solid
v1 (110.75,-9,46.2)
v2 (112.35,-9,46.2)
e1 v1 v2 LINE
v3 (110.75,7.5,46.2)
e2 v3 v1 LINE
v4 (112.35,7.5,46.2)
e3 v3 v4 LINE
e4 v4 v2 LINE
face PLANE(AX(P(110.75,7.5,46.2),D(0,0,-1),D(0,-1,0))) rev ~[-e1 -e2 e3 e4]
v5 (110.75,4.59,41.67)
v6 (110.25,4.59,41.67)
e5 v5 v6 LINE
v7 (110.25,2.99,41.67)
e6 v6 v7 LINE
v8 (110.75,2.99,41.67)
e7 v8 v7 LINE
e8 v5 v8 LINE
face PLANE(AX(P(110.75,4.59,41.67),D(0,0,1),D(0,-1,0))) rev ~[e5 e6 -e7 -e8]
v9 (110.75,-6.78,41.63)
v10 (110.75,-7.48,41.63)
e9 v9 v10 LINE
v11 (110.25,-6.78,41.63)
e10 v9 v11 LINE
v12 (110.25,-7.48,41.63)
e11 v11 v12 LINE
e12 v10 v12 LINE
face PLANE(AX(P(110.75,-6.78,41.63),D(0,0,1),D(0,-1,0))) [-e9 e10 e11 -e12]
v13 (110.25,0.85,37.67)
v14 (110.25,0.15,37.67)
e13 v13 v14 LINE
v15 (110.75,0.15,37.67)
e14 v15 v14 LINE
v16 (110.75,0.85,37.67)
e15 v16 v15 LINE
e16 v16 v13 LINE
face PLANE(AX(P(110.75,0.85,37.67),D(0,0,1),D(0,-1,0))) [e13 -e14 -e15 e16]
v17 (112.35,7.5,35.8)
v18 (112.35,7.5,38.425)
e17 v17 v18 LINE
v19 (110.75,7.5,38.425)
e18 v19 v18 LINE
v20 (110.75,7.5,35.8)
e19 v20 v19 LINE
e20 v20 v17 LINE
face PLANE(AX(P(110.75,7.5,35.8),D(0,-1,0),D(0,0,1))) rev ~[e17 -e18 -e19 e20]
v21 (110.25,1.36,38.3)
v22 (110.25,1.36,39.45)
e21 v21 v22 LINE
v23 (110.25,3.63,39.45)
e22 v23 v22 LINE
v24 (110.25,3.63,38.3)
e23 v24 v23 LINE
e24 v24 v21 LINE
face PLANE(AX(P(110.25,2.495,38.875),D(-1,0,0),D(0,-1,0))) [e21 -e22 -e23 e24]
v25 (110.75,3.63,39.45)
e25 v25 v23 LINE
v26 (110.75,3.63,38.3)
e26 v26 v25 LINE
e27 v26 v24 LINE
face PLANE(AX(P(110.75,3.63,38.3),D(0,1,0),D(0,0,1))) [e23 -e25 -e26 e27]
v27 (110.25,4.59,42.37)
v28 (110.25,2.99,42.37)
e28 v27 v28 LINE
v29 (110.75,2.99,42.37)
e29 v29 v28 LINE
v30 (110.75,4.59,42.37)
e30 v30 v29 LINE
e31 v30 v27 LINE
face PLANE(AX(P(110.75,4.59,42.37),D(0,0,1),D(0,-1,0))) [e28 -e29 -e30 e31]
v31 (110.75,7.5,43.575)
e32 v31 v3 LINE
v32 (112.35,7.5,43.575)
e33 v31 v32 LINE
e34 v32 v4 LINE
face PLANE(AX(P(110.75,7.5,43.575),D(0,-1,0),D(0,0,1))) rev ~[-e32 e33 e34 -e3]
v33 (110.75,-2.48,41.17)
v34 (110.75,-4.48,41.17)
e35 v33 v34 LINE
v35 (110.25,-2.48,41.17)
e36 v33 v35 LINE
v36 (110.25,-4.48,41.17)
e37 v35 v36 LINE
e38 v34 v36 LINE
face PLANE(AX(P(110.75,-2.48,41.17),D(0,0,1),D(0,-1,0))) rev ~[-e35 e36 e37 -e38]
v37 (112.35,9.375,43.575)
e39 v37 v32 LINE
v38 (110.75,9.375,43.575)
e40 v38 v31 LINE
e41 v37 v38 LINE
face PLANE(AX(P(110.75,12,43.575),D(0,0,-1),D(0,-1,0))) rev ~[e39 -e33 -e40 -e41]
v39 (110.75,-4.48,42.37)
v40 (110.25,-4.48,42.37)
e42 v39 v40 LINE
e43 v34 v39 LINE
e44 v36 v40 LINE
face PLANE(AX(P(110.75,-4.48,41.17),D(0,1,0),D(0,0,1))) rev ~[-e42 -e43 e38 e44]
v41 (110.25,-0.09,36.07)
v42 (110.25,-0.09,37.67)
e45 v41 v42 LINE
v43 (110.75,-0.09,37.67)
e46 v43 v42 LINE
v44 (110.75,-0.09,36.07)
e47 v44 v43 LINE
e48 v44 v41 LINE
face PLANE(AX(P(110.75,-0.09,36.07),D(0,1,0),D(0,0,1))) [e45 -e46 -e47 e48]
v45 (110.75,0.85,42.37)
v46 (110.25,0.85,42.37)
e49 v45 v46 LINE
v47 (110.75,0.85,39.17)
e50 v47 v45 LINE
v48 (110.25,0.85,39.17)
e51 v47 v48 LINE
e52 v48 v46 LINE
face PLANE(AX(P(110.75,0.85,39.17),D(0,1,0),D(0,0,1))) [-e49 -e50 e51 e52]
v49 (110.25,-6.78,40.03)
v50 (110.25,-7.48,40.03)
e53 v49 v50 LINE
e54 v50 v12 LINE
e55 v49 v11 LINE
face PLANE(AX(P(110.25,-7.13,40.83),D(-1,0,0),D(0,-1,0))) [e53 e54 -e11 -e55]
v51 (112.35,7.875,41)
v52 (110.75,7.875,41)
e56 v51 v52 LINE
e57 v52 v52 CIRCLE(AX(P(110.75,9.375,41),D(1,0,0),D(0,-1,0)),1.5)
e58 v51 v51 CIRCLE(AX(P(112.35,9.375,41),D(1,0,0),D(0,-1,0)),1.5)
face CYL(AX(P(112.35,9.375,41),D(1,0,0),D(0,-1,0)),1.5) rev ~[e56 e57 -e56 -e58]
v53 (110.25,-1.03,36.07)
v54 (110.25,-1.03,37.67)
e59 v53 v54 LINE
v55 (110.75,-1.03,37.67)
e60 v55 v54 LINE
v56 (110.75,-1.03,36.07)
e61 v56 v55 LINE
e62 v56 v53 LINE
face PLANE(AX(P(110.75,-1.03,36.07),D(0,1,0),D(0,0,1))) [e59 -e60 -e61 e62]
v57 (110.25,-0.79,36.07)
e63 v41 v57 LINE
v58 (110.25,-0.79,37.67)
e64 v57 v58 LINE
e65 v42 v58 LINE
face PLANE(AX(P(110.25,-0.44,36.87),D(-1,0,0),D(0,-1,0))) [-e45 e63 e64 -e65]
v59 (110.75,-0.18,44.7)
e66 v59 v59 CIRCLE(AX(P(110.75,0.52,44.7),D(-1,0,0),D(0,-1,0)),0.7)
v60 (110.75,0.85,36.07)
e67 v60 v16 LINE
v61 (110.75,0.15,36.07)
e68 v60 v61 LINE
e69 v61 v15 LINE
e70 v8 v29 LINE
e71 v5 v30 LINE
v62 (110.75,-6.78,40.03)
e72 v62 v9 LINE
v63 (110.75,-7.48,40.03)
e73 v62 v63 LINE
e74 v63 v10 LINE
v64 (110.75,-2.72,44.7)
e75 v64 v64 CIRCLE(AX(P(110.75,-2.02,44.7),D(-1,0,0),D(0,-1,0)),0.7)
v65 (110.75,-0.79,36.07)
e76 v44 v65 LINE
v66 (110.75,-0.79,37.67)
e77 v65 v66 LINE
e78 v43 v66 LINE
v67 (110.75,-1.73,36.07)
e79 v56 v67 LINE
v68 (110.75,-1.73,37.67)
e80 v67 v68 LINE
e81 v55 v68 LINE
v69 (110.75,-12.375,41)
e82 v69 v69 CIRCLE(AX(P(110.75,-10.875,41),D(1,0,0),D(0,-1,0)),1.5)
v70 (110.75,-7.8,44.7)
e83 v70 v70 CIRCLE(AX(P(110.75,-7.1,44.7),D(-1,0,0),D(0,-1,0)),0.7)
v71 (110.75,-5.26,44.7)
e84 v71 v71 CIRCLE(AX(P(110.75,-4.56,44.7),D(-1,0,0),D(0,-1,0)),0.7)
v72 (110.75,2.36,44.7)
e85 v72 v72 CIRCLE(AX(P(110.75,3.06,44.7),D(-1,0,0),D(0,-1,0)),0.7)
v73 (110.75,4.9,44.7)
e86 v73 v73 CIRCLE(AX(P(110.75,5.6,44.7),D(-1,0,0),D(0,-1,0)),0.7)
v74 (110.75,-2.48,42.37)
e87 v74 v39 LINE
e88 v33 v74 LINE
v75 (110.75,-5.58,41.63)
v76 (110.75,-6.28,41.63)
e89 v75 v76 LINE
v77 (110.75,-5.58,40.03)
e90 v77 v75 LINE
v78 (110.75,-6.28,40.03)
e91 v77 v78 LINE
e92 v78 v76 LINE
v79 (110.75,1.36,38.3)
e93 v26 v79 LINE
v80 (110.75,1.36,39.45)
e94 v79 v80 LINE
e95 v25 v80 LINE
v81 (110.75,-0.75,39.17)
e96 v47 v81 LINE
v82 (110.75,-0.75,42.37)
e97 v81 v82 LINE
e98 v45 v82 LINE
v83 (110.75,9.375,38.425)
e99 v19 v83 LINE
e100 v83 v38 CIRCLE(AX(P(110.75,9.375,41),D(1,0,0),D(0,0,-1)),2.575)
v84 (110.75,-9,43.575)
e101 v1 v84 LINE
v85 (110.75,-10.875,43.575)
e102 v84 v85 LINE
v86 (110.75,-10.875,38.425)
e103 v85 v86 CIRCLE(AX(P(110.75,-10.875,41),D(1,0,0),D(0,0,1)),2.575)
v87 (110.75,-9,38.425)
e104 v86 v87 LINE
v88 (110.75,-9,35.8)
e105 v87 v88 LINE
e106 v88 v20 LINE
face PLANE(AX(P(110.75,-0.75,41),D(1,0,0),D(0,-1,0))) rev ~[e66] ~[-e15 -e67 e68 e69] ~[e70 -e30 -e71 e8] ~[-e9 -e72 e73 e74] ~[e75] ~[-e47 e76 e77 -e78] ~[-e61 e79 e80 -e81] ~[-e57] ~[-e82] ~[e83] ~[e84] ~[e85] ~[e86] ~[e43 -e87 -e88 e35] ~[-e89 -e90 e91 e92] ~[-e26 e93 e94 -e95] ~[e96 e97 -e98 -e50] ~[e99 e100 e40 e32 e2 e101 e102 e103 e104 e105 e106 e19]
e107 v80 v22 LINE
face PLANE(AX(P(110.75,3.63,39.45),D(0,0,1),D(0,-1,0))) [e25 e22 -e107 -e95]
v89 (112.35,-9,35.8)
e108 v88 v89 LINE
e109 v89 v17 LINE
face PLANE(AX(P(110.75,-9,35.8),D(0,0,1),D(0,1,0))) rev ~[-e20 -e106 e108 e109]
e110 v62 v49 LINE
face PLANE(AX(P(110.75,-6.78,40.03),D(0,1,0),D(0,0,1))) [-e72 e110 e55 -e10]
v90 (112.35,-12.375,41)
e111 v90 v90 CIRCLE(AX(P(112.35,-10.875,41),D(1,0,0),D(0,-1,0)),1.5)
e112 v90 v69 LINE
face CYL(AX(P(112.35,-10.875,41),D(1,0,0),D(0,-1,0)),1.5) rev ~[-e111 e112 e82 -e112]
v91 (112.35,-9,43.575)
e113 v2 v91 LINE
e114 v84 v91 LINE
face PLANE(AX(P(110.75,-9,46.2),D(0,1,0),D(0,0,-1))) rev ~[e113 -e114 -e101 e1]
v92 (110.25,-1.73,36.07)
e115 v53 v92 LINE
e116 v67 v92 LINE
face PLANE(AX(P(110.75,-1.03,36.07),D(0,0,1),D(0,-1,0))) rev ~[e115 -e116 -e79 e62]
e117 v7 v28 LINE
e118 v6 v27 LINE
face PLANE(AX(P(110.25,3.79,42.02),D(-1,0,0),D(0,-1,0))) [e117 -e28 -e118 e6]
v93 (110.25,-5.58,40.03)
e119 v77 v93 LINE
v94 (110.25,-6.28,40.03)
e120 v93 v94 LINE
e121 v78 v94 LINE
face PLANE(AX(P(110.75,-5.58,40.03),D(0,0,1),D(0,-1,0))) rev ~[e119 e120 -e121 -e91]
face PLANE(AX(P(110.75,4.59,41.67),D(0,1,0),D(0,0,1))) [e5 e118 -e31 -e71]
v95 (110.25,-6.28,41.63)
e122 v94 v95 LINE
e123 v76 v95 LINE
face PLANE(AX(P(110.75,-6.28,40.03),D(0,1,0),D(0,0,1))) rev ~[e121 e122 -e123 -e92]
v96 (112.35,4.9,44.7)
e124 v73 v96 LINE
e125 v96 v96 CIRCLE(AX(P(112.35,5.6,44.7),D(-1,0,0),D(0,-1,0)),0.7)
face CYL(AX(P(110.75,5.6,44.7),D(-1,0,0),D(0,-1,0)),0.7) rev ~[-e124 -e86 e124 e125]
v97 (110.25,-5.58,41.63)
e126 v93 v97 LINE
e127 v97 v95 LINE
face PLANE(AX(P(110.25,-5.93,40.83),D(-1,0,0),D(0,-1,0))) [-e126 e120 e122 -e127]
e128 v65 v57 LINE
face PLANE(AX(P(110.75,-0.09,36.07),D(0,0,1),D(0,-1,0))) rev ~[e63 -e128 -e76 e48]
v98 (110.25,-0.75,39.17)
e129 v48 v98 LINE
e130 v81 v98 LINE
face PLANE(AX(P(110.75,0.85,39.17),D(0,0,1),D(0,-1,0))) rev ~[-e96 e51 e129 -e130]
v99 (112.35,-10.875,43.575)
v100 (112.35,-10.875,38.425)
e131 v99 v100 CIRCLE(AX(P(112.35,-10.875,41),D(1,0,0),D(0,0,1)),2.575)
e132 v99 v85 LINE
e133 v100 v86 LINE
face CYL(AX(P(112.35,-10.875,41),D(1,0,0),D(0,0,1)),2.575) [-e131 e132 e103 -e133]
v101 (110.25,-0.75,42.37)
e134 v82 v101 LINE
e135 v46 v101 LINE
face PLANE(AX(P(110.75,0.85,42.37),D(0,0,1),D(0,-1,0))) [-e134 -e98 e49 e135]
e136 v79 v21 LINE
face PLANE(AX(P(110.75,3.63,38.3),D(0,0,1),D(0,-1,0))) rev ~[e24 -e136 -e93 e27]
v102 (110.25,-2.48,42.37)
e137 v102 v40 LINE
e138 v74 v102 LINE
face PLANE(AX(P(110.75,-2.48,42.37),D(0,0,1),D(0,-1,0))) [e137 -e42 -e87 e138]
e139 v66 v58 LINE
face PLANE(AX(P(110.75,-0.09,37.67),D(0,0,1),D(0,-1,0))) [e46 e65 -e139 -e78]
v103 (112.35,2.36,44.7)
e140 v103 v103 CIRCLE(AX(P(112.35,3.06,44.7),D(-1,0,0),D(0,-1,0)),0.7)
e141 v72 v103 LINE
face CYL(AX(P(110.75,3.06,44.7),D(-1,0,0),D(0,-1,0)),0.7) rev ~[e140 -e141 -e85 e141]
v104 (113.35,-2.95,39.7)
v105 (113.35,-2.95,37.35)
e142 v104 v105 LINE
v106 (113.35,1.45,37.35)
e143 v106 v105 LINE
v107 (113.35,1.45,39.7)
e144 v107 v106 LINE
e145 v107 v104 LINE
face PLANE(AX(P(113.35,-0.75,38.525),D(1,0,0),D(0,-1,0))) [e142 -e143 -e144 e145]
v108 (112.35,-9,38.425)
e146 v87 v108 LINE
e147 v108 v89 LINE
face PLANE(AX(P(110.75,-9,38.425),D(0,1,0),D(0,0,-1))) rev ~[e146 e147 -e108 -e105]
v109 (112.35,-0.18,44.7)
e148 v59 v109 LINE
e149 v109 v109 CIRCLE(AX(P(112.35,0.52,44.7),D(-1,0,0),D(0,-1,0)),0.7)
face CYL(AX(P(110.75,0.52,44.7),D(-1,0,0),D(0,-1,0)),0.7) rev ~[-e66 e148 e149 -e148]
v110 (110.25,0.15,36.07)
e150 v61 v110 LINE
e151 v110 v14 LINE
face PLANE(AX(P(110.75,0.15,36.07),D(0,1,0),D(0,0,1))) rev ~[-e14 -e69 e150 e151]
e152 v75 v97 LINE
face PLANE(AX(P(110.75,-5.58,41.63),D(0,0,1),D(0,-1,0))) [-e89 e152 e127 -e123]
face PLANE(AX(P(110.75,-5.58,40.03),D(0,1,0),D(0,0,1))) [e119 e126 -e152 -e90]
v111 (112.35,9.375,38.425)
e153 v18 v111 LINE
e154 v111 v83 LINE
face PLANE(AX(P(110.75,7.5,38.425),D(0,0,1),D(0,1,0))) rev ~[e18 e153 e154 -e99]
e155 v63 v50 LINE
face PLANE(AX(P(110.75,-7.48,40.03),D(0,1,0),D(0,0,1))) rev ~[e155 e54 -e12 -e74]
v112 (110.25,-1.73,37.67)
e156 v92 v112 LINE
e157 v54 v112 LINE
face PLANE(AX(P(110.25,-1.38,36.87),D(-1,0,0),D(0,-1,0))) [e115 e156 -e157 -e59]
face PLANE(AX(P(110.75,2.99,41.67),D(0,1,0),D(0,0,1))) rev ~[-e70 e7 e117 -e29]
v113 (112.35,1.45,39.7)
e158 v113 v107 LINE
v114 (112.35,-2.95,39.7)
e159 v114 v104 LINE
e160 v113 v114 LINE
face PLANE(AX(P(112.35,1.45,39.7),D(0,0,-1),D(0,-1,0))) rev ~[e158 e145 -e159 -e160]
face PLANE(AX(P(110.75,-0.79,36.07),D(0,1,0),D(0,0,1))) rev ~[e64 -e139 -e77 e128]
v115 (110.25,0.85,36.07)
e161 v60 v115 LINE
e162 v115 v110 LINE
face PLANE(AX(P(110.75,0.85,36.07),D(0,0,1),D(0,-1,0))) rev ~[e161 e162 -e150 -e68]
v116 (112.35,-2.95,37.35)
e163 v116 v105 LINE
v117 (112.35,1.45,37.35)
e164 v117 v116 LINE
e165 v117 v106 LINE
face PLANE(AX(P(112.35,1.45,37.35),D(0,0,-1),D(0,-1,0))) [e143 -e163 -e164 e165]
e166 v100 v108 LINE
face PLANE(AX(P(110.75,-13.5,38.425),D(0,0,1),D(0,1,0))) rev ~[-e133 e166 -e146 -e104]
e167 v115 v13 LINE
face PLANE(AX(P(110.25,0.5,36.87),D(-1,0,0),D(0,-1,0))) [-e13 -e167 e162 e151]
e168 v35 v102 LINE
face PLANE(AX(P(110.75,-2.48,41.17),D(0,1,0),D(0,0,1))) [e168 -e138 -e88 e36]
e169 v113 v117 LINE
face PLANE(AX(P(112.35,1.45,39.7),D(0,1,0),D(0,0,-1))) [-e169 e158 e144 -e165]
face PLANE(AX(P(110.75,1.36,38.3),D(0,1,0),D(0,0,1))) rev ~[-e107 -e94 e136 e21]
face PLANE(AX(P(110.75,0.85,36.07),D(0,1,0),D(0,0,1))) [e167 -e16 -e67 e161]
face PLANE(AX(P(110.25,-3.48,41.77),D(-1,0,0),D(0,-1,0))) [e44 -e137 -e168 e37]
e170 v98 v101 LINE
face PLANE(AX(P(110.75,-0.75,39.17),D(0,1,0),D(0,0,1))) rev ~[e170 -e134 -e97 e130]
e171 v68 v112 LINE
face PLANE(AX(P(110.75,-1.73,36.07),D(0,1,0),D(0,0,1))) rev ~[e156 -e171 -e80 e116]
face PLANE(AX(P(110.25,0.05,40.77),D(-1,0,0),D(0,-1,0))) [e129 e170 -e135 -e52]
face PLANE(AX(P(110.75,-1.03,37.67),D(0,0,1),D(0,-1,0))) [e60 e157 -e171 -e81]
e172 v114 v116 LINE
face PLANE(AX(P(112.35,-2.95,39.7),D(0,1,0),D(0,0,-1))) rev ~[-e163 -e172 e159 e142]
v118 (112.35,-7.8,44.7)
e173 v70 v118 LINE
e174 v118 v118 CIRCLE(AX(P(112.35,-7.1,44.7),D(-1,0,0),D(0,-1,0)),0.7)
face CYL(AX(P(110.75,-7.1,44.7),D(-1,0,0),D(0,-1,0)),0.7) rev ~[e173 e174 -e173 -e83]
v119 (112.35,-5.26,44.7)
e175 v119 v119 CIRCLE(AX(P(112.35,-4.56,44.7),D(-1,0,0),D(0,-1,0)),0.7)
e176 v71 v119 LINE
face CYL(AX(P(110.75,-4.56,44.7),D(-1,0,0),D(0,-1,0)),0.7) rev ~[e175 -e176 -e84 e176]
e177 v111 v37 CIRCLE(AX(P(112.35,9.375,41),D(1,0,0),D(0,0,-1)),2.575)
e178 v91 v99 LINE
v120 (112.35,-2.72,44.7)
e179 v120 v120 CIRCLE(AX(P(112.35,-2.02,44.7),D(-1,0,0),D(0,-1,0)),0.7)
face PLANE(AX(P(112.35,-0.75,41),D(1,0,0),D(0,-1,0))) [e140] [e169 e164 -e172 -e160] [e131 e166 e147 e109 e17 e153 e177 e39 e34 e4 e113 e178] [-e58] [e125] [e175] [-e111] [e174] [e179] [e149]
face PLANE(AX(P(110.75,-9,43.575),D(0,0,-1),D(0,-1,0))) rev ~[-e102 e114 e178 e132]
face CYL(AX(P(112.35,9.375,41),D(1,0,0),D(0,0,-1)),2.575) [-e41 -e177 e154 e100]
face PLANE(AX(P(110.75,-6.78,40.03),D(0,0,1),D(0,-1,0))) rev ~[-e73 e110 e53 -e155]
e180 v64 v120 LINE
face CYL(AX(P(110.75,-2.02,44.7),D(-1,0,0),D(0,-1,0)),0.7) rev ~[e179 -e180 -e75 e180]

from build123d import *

# Parameters (mm, degrees)
PAD043_DEPTH            = 1.6
SKETCH113_R             = 1.5
POCKET058_DEPTH         = 1.6
SKETCH114_W             = 4.4
SKETCH114_H             = 2.35
PAD044_DEPTH            = 1
SKETCH115_W             = 2.27
SKETCH115_H             = 1.15
SKETCH115_W_2           = 1.6
SKETCH115_H_2           = 3.2
SKETCH115_W_3           = 2
SKETCH115_H_3           = 1.2
SKETCH115_W_4           = 0.7
SKETCH115_H_4           = 1.6
SKETCH115_H_5           = 0.7
PAD045_DEPTH            = 0.5
SKETCH116_R             = 0.7
POCKET059_DEPTH         = 1.6
BODY028_ROLL_ANGLE      = 180
BODY028_PLACEMENT_ANGLE = -90


with BuildPart() as part:
    # Sketch112 → Pad043 (new body)
    with BuildSketch(Plane.XZ):
        Polygon((-8.25, -5.2), (8.25, -5.2), (8.25, -2.575), (12.75, -2.575), (12.75, 2.575), (8.25, 2.575), (8.25, 5.2), (-8.25, 5.2), (-8.25, 2.575), (-12.75, 2.575), (-12.75, -2.575), (-8.25, -2.575), align=None)
    extrude(amount=PAD043_DEPTH)

    # Sketch113 (on Face14 of Pad043) → Pocket058 (cut)
    with BuildSketch(Plane.XZ.offset(1.6)):
        with Locations((-10.125, 0)):
            Circle(SKETCH113_R)
        with Locations((10.125, 0)):
            Circle(SKETCH113_R)
        with BuildLine():
            Line((-12.755, 2.575), (-12.755, -2.575))
            Line((-12.755, -2.575), (-10.125, -2.575))
            ThreePointArc((-10.125, 2.575), (-12.7, 0), (-10.125, -2.575))
            Line((-10.125, 2.575), (-12.755, 2.575))
        make_face()
        with BuildLine():
            Line((10.125, -2.575), (12.755, -2.575))
            Line((12.755, -2.575), (12.755, 2.575))
            Line((12.755, 2.575), (10.125, 2.575))
            ThreePointArc((10.125, -2.575), (12.7, 0), (10.125, 2.575))
        make_face()
    extrude(amount=-POCKET058_DEPTH, mode=Mode.SUBTRACT)

    # Sketch114 (on Face4 of Pocket058) → Pad044 (join)
    with BuildSketch(Plane.XZ.offset(1.6)):
        with Locations((0, 2.475)):
            Rectangle(SKETCH114_W, SKETCH114_H)
    extrude(amount=PAD044_DEPTH)

    # Sketch115 (on Face2 of Pad044) → Pad045 (join)
    with BuildSketch(Plane(origin=(0, 0, 0), x_dir=(1, 0, 0), z_dir=(0, 1, 0))):
        with Locations((-3.245, -2.125)):
            Rectangle(SKETCH115_W, SKETCH115_H)
        with Locations((-0.8, -0.23)):
            Rectangle(SKETCH115_W_2, SKETCH115_H_2)
        with Locations((2.73, 0.77)):
            Rectangle(SKETCH115_W_3, SKETCH115_H_3)
        with Locations((-1.25, -4.13)):
            Rectangle(SKETCH115_W_4, SKETCH115_H_4)
        with Locations((-0.31, -4.13)):
            Rectangle(SKETCH115_W_4, SKETCH115_H_4)
        with Locations((0.63, -4.13)):
            Rectangle(SKETCH115_W_4, SKETCH115_H_4)
        with Locations((-4.54, 1.02)):
            Rectangle(SKETCH115_W_2, SKETCH115_H_5)
        with Locations((5.18, -0.17)):
            Rectangle(SKETCH115_W_4, SKETCH115_H_4)
        with Locations((6.38, -0.17)):
            Rectangle(SKETCH115_W_4, SKETCH115_H_4)
    extrude(amount=PAD045_DEPTH)

    # Sketch116 (on Face2 of Pad045) → Pocket059 (cut)
    with BuildSketch(Plane(origin=(0, 0, 0), x_dir=(1, 0, 0), z_dir=(0, 1, 0))):
        with Locations((-6.35, 3.7)):
            Circle(SKETCH116_R)
        with Locations((-3.81, 3.7)):
            Circle(SKETCH116_R)
        with Locations((-1.27, 3.7)):
            Circle(SKETCH116_R)
        with Locations((1.27, 3.7)):
            Circle(SKETCH116_R)
        with Locations((3.81, 3.7)):
            Circle(SKETCH116_R)
        with Locations((6.35, 3.7)):
            Circle(SKETCH116_R)
    extrude(amount=-POCKET059_DEPTH, mode=Mode.SUBTRACT)


with BuildPart() as part_1:
    # Body028 roll: moved
    add(part.part.rotate(Axis((0, 0, 0), (1, 0, 0)), BODY028_ROLL_ANGLE))


with BuildPart() as part_2:
    # Body028 placement: moved
    add(part_1.part.moved(Location((110.75, -0.75, 41))).rotate(Axis((110.75, -0.75, 41), (0, 0, 1)), BODY028_PLACEMENT_ANGLE))


solid = part_2.part
